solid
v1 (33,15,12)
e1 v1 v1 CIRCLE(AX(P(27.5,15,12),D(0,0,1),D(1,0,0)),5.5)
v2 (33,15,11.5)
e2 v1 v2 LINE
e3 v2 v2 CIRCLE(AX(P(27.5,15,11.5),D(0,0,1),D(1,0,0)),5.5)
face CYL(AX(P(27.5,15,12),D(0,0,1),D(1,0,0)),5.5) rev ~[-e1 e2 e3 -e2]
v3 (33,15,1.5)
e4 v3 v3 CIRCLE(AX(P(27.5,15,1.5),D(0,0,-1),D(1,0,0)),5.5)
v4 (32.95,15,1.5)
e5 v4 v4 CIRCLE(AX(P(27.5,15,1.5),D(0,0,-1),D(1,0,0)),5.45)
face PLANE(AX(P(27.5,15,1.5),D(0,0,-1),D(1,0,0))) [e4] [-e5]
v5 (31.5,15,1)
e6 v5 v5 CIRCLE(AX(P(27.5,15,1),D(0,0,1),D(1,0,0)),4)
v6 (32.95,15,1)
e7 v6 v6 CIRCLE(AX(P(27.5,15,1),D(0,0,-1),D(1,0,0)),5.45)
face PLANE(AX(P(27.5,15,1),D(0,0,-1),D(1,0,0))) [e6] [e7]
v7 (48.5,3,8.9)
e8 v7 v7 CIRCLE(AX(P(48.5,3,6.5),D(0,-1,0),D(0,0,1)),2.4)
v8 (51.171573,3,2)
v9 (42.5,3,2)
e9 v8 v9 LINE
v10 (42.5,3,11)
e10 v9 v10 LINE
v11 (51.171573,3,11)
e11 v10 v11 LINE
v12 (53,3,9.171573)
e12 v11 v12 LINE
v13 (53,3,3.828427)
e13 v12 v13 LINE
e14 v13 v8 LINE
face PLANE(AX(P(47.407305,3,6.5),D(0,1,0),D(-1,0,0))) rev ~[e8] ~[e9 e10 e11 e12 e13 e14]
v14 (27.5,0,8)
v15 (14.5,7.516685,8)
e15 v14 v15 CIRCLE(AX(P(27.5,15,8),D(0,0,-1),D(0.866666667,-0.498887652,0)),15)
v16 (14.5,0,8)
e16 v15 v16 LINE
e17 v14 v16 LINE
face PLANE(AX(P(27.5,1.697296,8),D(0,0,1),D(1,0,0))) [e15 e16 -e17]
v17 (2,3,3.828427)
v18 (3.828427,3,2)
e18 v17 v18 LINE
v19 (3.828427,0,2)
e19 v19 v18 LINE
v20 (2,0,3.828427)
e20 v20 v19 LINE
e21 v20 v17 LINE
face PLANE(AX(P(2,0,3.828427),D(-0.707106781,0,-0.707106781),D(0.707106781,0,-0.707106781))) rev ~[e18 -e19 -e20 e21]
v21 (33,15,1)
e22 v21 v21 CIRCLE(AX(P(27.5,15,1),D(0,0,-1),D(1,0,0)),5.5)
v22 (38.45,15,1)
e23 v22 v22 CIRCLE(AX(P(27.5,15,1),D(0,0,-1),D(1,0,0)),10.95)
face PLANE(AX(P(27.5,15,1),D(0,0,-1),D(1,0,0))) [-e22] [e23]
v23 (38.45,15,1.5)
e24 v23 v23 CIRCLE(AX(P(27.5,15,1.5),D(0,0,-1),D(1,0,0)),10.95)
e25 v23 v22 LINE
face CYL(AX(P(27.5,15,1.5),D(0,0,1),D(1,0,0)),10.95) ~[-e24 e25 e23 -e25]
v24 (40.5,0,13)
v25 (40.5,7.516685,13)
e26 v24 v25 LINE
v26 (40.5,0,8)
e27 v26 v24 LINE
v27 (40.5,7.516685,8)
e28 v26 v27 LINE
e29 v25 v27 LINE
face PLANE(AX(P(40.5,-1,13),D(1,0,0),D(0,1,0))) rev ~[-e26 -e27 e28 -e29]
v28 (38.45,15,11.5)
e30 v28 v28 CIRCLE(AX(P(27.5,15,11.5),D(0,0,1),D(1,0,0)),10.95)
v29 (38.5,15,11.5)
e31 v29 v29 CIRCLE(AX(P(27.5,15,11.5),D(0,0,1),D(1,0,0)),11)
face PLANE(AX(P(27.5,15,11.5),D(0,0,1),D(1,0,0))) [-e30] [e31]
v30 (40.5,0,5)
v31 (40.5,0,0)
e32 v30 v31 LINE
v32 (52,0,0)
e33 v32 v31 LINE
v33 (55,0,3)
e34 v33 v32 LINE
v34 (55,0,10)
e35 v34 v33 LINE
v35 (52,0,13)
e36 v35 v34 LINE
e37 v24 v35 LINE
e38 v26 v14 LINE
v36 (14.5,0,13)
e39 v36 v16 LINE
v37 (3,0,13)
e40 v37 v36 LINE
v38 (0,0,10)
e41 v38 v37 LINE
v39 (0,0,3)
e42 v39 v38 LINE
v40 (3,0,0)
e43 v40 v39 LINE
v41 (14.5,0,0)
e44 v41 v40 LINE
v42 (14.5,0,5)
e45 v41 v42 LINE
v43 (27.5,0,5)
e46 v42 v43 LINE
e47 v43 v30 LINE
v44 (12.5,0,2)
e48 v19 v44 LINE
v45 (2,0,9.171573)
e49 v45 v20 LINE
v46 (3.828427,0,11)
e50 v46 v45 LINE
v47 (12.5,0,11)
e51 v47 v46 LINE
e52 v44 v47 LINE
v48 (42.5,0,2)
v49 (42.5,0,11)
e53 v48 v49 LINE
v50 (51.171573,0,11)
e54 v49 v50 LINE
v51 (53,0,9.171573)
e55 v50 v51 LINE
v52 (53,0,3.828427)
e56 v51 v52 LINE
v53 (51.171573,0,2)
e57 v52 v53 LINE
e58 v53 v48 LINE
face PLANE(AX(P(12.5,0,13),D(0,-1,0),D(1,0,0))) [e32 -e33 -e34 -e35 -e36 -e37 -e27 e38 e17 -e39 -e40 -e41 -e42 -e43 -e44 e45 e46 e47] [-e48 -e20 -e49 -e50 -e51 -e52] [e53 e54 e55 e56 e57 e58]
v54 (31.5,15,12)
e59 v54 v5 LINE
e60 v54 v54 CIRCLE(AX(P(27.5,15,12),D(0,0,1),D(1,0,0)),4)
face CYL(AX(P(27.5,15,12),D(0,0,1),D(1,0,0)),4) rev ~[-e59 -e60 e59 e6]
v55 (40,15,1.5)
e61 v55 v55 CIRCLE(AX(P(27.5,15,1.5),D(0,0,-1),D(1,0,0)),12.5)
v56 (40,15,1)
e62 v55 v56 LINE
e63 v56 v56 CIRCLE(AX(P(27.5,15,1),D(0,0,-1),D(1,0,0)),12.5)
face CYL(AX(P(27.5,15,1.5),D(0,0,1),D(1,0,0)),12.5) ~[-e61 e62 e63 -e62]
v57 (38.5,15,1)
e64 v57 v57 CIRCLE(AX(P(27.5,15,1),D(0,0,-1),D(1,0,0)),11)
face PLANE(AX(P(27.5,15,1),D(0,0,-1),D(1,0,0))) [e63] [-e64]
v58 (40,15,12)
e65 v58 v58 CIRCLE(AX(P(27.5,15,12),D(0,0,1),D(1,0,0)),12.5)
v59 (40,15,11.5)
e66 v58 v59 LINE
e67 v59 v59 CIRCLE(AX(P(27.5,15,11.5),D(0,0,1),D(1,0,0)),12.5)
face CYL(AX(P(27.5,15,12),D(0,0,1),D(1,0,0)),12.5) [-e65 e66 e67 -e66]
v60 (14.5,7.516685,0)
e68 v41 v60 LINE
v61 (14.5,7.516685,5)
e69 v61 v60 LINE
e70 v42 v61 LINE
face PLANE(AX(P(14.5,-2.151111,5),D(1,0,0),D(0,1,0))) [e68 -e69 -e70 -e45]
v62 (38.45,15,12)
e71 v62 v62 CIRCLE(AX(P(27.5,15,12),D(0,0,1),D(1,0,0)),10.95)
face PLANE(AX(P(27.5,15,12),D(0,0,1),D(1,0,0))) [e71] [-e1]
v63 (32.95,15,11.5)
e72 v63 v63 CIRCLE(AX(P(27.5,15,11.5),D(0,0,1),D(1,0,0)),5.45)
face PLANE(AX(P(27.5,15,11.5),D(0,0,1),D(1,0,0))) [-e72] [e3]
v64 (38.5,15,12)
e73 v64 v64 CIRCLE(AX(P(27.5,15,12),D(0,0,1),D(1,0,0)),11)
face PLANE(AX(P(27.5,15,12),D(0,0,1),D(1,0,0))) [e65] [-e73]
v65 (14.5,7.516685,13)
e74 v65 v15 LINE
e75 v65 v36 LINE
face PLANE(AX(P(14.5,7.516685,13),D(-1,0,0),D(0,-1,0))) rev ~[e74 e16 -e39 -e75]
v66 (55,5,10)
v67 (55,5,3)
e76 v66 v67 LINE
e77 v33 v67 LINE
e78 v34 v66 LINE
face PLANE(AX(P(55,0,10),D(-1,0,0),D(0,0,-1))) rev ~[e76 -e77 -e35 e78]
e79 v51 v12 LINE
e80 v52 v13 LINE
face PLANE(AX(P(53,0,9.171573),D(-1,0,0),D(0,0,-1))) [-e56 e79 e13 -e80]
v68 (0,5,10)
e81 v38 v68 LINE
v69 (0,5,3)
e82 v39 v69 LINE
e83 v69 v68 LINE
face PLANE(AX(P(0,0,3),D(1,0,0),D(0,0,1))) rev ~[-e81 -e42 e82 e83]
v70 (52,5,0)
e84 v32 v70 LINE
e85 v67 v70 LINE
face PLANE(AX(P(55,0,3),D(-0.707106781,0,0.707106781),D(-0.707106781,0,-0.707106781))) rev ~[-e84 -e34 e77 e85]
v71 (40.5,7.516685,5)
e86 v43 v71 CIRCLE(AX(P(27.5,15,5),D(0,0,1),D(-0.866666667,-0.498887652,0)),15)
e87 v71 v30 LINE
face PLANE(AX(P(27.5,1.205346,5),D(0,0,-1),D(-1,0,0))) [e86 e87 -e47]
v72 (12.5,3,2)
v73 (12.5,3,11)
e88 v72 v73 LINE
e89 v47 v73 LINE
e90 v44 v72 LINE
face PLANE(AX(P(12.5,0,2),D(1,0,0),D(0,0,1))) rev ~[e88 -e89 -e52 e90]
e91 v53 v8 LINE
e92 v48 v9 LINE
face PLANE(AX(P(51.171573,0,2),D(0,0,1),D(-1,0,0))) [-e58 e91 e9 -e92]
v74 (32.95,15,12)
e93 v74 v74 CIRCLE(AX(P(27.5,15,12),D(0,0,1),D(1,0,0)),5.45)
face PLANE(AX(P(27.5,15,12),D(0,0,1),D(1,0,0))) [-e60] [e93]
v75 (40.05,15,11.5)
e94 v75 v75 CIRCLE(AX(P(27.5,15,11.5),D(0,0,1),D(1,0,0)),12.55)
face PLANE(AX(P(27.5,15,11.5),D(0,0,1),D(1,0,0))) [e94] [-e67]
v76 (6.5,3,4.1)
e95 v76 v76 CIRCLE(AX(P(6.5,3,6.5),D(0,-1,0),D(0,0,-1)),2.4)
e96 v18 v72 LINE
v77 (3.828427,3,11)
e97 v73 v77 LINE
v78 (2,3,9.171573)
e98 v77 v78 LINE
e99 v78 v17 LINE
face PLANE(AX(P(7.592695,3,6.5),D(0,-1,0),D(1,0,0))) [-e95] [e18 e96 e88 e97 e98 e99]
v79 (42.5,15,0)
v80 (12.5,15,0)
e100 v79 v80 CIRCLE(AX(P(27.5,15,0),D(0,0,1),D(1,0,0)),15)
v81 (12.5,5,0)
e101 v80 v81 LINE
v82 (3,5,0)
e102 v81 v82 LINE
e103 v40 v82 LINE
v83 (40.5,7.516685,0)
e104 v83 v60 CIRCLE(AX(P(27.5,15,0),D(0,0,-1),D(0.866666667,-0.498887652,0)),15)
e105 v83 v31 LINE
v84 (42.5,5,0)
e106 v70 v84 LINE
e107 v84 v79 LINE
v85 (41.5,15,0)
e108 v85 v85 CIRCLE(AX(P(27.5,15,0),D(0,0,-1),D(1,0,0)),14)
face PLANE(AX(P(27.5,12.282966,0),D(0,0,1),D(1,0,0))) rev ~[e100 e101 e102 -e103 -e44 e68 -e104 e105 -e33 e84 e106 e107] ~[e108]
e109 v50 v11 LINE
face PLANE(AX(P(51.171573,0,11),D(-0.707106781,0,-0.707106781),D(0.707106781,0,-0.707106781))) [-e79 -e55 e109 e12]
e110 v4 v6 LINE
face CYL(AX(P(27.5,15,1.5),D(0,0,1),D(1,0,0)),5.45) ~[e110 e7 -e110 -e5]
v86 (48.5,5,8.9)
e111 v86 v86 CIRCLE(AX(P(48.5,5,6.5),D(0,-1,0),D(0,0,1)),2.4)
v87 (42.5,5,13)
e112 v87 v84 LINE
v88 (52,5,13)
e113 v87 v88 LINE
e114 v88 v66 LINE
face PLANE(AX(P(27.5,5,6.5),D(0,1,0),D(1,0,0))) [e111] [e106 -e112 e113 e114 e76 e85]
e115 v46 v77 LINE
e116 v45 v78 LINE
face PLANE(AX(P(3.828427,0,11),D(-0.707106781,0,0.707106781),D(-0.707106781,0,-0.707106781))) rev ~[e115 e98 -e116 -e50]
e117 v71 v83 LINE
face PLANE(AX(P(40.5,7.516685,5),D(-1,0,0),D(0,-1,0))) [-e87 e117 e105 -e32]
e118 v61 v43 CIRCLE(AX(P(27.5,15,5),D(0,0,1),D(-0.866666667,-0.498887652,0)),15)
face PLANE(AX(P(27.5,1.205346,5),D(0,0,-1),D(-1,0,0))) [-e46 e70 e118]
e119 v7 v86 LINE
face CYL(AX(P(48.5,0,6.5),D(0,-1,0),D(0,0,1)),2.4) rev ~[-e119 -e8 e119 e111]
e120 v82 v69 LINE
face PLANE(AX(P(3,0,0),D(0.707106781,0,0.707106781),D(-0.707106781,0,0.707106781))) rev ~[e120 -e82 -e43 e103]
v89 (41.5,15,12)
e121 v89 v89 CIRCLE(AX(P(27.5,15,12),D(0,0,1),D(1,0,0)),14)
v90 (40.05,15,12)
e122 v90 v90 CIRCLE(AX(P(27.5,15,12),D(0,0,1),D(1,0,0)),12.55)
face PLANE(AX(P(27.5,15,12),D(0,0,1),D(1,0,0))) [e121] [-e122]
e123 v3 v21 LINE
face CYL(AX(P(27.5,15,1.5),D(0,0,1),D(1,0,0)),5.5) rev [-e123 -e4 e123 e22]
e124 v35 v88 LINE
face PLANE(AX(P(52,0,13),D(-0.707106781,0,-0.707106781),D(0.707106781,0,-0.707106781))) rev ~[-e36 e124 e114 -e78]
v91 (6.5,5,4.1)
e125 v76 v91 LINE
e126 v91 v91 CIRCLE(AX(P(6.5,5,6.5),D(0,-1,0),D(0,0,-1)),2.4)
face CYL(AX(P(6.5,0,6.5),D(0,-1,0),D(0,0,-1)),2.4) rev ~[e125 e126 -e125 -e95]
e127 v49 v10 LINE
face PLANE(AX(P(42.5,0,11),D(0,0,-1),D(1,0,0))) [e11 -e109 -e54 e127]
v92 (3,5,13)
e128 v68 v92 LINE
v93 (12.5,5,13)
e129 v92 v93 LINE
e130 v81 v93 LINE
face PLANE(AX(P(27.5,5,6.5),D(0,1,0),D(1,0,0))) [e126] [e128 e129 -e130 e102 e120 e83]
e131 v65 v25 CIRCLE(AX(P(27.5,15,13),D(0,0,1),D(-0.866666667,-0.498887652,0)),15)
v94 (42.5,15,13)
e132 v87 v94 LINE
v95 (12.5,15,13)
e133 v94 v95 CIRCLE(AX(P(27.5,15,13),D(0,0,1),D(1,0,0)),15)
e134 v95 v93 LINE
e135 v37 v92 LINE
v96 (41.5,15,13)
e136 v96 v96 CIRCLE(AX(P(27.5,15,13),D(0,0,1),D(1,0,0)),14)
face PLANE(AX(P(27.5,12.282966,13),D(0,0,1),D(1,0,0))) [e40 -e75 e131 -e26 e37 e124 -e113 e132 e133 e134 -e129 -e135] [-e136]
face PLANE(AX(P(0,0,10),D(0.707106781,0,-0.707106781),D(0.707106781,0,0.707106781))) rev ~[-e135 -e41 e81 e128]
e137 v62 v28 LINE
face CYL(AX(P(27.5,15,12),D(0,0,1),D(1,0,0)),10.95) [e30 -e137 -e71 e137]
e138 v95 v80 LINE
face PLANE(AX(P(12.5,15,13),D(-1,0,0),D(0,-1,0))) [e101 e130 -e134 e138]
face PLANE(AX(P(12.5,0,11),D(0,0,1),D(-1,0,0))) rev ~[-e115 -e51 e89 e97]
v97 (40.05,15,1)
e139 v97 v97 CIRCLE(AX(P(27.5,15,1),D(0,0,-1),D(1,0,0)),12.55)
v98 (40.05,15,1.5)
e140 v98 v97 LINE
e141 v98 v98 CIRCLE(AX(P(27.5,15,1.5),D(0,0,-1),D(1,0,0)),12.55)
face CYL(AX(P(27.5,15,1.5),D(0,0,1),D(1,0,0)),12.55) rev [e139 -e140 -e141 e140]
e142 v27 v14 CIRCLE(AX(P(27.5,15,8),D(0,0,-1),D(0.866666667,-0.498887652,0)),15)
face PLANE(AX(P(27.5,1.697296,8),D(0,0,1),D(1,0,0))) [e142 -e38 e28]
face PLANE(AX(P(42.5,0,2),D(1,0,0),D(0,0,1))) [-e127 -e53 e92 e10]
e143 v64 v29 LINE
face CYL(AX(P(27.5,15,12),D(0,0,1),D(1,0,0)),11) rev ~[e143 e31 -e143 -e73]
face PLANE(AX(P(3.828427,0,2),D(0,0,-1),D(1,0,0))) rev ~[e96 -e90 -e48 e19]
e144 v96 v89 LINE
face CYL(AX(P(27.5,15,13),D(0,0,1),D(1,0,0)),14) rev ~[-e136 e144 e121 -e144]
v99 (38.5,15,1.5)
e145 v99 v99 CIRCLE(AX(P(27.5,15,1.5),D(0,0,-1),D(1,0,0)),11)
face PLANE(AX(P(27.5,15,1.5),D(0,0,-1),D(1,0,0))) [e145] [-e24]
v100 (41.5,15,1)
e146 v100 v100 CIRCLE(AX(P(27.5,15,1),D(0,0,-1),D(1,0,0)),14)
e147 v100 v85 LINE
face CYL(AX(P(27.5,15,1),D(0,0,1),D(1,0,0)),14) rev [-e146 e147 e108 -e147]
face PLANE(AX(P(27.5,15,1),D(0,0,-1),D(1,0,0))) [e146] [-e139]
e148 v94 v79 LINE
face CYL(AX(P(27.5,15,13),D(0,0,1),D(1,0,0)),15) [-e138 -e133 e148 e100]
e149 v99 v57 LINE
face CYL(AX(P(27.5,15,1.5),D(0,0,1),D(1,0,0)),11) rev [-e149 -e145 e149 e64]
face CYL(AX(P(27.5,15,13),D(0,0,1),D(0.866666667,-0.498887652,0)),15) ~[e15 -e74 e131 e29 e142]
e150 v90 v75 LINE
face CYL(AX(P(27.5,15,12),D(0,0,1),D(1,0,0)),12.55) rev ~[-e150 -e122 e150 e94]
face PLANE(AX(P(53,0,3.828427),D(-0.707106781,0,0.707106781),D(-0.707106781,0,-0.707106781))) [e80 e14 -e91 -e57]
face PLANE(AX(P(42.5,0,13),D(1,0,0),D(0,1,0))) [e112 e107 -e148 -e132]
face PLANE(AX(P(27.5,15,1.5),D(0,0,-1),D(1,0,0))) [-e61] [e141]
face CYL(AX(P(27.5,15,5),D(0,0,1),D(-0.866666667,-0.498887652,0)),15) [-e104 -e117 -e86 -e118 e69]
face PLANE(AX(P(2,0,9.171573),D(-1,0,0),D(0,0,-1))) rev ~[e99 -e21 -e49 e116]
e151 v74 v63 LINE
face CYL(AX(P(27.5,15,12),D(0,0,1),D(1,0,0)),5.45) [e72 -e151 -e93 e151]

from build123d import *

# Parameters (mm, degrees)
BOSS_EXTRUDE1_DEPTH = 5
BOSS_EXTRUDE2_DEPTH = 13
CUT_EXTRUDE1_DEPTH  = 5
CUT_EXTRUDE2_START  = -5
CUT_EXTRUDE2_DEPTH  = 5
SKETCH5_R           = 2.4
CUT_EXTRUDE3_DEPTH  = 64.984373092
CUT_EXTRUDE4_DEPTH  = 3
SKETCH7_R           = 14
CUT_EXTRUDE5_DEPTH  = 1
CUT_EXTRUDE6_START  = -1
SKETCH8_R           = 14
CUT_EXTRUDE6_DEPTH  = 1
SKETCH9_R           = 4
CUT_EXTRUDE7_DEPTH  = 64.788713735
SKETCH10_R          = 12.55
SKETCH10_R_2        = 12.5
CUT_EXTRUDE8_DEPTH  = 0.5
SKETCH11_R          = 11
SKETCH11_R_2        = 10.95
CUT_EXTRUDE9_DEPTH  = 0.5
SKETCH12_R          = 5.5
SKETCH12_R_2        = 5.45
CUT_EXTRUDE10_DEPTH = 0.5
CUT_EXTRUDE11_START = -0.5
SKETCH13_R          = 5.5
SKETCH13_R_2        = 5.45
CUT_EXTRUDE11_DEPTH = 0.5
CUT_EXTRUDE12_START = -0.5
SKETCH14_R          = 12.55
SKETCH14_R_2        = 12.5
CUT_EXTRUDE12_DEPTH = 0.5
CUT_EXTRUDE13_START = -0.5
SKETCH15_R          = 11
SKETCH15_R_2        = 10.95
CUT_EXTRUDE13_DEPTH = 0.5


with BuildPart() as part:
    # Sketch1 → Boss-Extrude1 (new body)
    with BuildSketch(Plane(origin=(0, 0, 0), x_dir=(1, 0, 0), z_dir=(0, 1, 0))):
        Polygon((0, -3), (0, -10), (3, -13), (52, -13), (55, -10), (55, -3), (52, 0), (3, 0), align=None)
    extrude(amount=BOSS_EXTRUDE1_DEPTH)

    # Sketch2 → Boss-Extrude2 (add)
    with BuildSketch(Plane.XY.offset(13)):
        with BuildLine():
            Line((12.5, 15), (12.5, 0))
            Line((12.5, 0), (42.5, 0))
            Line((42.5, 0), (42.5, 15))
            ThreePointArc((42.5, 15), (27.5, 30), (12.5, 15))
        make_face()
    extrude(amount=-BOSS_EXTRUDE2_DEPTH)

    # Sketch3 → Cut-Extrude1 (cut)
    with BuildSketch(Plane.XY.offset(13)):
        with BuildLine():
            Line((14.5, 7.516685226), (14.5, 0))
            Line((14.5, 0), (14.5, -1))
            Line((14.5, -1), (40.5, -1))
            Line((40.5, -1), (40.5, 0))
            Line((40.5, 0), (40.5, 7.516685226))
            ThreePointArc((40.5, 7.516685226), (27.5, 0), (14.5, 7.516685226))
        make_face()
    extrude(amount=-CUT_EXTRUDE1_DEPTH, mode=Mode.SUBTRACT)

    # Sketch4 → Cut-Extrude2 (cut)
    with BuildSketch(Plane(origin=(0, 0, 0), x_dir=(-1, 0, 0), z_dir=(0, 0, -1)).offset(CUT_EXTRUDE2_START)):
        with BuildLine():
            Line((-40.5, 7.516685226), (-40.5, -2.151111231))
            Line((-40.5, -2.151111231), (-14.5, -2.151111231))
            Line((-14.5, -2.151111231), (-14.5, 7.516685226))
            ThreePointArc((-14.5, 7.516685226), (-27.5, 0), (-40.5, 7.516685226))
        make_face()
    extrude(amount=CUT_EXTRUDE2_DEPTH, mode=Mode.SUBTRACT)

    # Sketch5 → Cut-Extrude3 (cut, through all)
    with BuildSketch(Plane.XZ):
        with Locations(Location((6.5, 6.5, 0), (0, 0, 270))):
            Circle(SKETCH5_R)
        with Locations(Location((48.5, 6.5, 0), (0, 0, 90))):
            Circle(SKETCH5_R)
    extrude(amount=-CUT_EXTRUDE3_DEPTH, mode=Mode.SUBTRACT)

    # Sketch6 → Cut-Extrude4 (cut)
    with BuildSketch(Plane.XZ):
        Polygon((12.5, 2), (12.5, 11), (3.828427125, 11), (2, 9.171572875), (2, 3.828427125), (3.828427125, 2), align=None)
        Polygon((51.171572875, 2), (42.5, 2), (42.5, 11), (51.171572875, 11), (53, 9.171572875), (53, 3.828427125), align=None)
    extrude(amount=-CUT_EXTRUDE4_DEPTH, mode=Mode.SUBTRACT)

    # Sketch7 → Cut-Extrude5 (cut)
    with BuildSketch(Plane.XY.offset(13)):
        with Locations((27.5, 15)):
            Circle(SKETCH7_R)
    extrude(amount=-CUT_EXTRUDE5_DEPTH, mode=Mode.SUBTRACT)

    # Sketch8 → Cut-Extrude6 (cut)
    with BuildSketch(Plane(origin=(0, 0, 0), x_dir=(-1, 0, 0), z_dir=(0, 0, -1)).offset(CUT_EXTRUDE6_START)):
        with Locations(Location((-27.5, 15, 0), (0, 0, 180))):
            Circle(SKETCH8_R)
    extrude(amount=CUT_EXTRUDE6_DEPTH, mode=Mode.SUBTRACT)

    # Sketch9 → Cut-Extrude7 (cut, through all)
    with BuildSketch(Plane.XY.offset(12)):
        with Locations((27.5, 15)):
            Circle(SKETCH9_R)
    extrude(amount=-CUT_EXTRUDE7_DEPTH, mode=Mode.SUBTRACT)

    # Sketch10 → Cut-Extrude8 (cut)
    with BuildSketch(Plane.XY.offset(12)):
        with Locations((27.5, 15)):
            Circle(SKETCH10_R)
        with Locations((27.5, 15)):
            Circle(SKETCH10_R_2, mode=Mode.SUBTRACT)
    extrude(amount=-CUT_EXTRUDE8_DEPTH, mode=Mode.SUBTRACT)

    # Sketch11 → Cut-Extrude9 (cut)
    with BuildSketch(Plane.XY.offset(12)):
        with Locations((27.5, 15)):
            Circle(SKETCH11_R)
        with Locations((27.5, 15)):
            Circle(SKETCH11_R_2, mode=Mode.SUBTRACT)
    extrude(amount=-CUT_EXTRUDE9_DEPTH, mode=Mode.SUBTRACT)

    # Sketch12 → Cut-Extrude10 (cut)
    with BuildSketch(Plane.XY.offset(12)):
        with Locations((27.5, 15)):
            Circle(SKETCH12_R)
        with Locations((27.5, 15)):
            Circle(SKETCH12_R_2, mode=Mode.SUBTRACT)
    extrude(amount=-CUT_EXTRUDE10_DEPTH, mode=Mode.SUBTRACT)

    # Sketch13 → Cut-Extrude11 (cut)
    with BuildSketch(Plane(origin=(0, 0, 1), x_dir=(-1, 0, 0), z_dir=(0, 0, -1)).offset(CUT_EXTRUDE11_START)):
        with Locations(Location((-27.5, 15, 0), (0, 0, 180))):
            Circle(SKETCH13_R)
        with Locations(Location((-27.5, 15, 0), (0, 0, 180))):
            Circle(SKETCH13_R_2, mode=Mode.SUBTRACT)
    extrude(amount=CUT_EXTRUDE11_DEPTH, mode=Mode.SUBTRACT)

    # Sketch14 → Cut-Extrude12 (cut)
    with BuildSketch(Plane(origin=(0, 0, 1), x_dir=(-1, 0, 0), z_dir=(0, 0, -1)).offset(CUT_EXTRUDE12_START)):
        with Locations(Location((-27.5, 15, 0), (0, 0, 180))):
            Circle(SKETCH14_R)
        with Locations(Location((-27.5, 15, 0), (0, 0, 180))):
            Circle(SKETCH14_R_2, mode=Mode.SUBTRACT)
    extrude(amount=CUT_EXTRUDE12_DEPTH, mode=Mode.SUBTRACT)

    # Sketch15 → Cut-Extrude13 (cut)
    with BuildSketch(Plane(origin=(0, 0, 1), x_dir=(-1, 0, 0), z_dir=(0, 0, -1)).offset(CUT_EXTRUDE13_START)):
        with Locations(Location((-27.5, 15, 0), (0, 0, 180))):
            Circle(SKETCH15_R)
        with Locations(Location((-27.5, 15, 0), (0, 0, 180))):
            Circle(SKETCH15_R_2, mode=Mode.SUBTRACT)
    extrude(amount=CUT_EXTRUDE13_DEPTH, mode=Mode.SUBTRACT)


solid = part.part
